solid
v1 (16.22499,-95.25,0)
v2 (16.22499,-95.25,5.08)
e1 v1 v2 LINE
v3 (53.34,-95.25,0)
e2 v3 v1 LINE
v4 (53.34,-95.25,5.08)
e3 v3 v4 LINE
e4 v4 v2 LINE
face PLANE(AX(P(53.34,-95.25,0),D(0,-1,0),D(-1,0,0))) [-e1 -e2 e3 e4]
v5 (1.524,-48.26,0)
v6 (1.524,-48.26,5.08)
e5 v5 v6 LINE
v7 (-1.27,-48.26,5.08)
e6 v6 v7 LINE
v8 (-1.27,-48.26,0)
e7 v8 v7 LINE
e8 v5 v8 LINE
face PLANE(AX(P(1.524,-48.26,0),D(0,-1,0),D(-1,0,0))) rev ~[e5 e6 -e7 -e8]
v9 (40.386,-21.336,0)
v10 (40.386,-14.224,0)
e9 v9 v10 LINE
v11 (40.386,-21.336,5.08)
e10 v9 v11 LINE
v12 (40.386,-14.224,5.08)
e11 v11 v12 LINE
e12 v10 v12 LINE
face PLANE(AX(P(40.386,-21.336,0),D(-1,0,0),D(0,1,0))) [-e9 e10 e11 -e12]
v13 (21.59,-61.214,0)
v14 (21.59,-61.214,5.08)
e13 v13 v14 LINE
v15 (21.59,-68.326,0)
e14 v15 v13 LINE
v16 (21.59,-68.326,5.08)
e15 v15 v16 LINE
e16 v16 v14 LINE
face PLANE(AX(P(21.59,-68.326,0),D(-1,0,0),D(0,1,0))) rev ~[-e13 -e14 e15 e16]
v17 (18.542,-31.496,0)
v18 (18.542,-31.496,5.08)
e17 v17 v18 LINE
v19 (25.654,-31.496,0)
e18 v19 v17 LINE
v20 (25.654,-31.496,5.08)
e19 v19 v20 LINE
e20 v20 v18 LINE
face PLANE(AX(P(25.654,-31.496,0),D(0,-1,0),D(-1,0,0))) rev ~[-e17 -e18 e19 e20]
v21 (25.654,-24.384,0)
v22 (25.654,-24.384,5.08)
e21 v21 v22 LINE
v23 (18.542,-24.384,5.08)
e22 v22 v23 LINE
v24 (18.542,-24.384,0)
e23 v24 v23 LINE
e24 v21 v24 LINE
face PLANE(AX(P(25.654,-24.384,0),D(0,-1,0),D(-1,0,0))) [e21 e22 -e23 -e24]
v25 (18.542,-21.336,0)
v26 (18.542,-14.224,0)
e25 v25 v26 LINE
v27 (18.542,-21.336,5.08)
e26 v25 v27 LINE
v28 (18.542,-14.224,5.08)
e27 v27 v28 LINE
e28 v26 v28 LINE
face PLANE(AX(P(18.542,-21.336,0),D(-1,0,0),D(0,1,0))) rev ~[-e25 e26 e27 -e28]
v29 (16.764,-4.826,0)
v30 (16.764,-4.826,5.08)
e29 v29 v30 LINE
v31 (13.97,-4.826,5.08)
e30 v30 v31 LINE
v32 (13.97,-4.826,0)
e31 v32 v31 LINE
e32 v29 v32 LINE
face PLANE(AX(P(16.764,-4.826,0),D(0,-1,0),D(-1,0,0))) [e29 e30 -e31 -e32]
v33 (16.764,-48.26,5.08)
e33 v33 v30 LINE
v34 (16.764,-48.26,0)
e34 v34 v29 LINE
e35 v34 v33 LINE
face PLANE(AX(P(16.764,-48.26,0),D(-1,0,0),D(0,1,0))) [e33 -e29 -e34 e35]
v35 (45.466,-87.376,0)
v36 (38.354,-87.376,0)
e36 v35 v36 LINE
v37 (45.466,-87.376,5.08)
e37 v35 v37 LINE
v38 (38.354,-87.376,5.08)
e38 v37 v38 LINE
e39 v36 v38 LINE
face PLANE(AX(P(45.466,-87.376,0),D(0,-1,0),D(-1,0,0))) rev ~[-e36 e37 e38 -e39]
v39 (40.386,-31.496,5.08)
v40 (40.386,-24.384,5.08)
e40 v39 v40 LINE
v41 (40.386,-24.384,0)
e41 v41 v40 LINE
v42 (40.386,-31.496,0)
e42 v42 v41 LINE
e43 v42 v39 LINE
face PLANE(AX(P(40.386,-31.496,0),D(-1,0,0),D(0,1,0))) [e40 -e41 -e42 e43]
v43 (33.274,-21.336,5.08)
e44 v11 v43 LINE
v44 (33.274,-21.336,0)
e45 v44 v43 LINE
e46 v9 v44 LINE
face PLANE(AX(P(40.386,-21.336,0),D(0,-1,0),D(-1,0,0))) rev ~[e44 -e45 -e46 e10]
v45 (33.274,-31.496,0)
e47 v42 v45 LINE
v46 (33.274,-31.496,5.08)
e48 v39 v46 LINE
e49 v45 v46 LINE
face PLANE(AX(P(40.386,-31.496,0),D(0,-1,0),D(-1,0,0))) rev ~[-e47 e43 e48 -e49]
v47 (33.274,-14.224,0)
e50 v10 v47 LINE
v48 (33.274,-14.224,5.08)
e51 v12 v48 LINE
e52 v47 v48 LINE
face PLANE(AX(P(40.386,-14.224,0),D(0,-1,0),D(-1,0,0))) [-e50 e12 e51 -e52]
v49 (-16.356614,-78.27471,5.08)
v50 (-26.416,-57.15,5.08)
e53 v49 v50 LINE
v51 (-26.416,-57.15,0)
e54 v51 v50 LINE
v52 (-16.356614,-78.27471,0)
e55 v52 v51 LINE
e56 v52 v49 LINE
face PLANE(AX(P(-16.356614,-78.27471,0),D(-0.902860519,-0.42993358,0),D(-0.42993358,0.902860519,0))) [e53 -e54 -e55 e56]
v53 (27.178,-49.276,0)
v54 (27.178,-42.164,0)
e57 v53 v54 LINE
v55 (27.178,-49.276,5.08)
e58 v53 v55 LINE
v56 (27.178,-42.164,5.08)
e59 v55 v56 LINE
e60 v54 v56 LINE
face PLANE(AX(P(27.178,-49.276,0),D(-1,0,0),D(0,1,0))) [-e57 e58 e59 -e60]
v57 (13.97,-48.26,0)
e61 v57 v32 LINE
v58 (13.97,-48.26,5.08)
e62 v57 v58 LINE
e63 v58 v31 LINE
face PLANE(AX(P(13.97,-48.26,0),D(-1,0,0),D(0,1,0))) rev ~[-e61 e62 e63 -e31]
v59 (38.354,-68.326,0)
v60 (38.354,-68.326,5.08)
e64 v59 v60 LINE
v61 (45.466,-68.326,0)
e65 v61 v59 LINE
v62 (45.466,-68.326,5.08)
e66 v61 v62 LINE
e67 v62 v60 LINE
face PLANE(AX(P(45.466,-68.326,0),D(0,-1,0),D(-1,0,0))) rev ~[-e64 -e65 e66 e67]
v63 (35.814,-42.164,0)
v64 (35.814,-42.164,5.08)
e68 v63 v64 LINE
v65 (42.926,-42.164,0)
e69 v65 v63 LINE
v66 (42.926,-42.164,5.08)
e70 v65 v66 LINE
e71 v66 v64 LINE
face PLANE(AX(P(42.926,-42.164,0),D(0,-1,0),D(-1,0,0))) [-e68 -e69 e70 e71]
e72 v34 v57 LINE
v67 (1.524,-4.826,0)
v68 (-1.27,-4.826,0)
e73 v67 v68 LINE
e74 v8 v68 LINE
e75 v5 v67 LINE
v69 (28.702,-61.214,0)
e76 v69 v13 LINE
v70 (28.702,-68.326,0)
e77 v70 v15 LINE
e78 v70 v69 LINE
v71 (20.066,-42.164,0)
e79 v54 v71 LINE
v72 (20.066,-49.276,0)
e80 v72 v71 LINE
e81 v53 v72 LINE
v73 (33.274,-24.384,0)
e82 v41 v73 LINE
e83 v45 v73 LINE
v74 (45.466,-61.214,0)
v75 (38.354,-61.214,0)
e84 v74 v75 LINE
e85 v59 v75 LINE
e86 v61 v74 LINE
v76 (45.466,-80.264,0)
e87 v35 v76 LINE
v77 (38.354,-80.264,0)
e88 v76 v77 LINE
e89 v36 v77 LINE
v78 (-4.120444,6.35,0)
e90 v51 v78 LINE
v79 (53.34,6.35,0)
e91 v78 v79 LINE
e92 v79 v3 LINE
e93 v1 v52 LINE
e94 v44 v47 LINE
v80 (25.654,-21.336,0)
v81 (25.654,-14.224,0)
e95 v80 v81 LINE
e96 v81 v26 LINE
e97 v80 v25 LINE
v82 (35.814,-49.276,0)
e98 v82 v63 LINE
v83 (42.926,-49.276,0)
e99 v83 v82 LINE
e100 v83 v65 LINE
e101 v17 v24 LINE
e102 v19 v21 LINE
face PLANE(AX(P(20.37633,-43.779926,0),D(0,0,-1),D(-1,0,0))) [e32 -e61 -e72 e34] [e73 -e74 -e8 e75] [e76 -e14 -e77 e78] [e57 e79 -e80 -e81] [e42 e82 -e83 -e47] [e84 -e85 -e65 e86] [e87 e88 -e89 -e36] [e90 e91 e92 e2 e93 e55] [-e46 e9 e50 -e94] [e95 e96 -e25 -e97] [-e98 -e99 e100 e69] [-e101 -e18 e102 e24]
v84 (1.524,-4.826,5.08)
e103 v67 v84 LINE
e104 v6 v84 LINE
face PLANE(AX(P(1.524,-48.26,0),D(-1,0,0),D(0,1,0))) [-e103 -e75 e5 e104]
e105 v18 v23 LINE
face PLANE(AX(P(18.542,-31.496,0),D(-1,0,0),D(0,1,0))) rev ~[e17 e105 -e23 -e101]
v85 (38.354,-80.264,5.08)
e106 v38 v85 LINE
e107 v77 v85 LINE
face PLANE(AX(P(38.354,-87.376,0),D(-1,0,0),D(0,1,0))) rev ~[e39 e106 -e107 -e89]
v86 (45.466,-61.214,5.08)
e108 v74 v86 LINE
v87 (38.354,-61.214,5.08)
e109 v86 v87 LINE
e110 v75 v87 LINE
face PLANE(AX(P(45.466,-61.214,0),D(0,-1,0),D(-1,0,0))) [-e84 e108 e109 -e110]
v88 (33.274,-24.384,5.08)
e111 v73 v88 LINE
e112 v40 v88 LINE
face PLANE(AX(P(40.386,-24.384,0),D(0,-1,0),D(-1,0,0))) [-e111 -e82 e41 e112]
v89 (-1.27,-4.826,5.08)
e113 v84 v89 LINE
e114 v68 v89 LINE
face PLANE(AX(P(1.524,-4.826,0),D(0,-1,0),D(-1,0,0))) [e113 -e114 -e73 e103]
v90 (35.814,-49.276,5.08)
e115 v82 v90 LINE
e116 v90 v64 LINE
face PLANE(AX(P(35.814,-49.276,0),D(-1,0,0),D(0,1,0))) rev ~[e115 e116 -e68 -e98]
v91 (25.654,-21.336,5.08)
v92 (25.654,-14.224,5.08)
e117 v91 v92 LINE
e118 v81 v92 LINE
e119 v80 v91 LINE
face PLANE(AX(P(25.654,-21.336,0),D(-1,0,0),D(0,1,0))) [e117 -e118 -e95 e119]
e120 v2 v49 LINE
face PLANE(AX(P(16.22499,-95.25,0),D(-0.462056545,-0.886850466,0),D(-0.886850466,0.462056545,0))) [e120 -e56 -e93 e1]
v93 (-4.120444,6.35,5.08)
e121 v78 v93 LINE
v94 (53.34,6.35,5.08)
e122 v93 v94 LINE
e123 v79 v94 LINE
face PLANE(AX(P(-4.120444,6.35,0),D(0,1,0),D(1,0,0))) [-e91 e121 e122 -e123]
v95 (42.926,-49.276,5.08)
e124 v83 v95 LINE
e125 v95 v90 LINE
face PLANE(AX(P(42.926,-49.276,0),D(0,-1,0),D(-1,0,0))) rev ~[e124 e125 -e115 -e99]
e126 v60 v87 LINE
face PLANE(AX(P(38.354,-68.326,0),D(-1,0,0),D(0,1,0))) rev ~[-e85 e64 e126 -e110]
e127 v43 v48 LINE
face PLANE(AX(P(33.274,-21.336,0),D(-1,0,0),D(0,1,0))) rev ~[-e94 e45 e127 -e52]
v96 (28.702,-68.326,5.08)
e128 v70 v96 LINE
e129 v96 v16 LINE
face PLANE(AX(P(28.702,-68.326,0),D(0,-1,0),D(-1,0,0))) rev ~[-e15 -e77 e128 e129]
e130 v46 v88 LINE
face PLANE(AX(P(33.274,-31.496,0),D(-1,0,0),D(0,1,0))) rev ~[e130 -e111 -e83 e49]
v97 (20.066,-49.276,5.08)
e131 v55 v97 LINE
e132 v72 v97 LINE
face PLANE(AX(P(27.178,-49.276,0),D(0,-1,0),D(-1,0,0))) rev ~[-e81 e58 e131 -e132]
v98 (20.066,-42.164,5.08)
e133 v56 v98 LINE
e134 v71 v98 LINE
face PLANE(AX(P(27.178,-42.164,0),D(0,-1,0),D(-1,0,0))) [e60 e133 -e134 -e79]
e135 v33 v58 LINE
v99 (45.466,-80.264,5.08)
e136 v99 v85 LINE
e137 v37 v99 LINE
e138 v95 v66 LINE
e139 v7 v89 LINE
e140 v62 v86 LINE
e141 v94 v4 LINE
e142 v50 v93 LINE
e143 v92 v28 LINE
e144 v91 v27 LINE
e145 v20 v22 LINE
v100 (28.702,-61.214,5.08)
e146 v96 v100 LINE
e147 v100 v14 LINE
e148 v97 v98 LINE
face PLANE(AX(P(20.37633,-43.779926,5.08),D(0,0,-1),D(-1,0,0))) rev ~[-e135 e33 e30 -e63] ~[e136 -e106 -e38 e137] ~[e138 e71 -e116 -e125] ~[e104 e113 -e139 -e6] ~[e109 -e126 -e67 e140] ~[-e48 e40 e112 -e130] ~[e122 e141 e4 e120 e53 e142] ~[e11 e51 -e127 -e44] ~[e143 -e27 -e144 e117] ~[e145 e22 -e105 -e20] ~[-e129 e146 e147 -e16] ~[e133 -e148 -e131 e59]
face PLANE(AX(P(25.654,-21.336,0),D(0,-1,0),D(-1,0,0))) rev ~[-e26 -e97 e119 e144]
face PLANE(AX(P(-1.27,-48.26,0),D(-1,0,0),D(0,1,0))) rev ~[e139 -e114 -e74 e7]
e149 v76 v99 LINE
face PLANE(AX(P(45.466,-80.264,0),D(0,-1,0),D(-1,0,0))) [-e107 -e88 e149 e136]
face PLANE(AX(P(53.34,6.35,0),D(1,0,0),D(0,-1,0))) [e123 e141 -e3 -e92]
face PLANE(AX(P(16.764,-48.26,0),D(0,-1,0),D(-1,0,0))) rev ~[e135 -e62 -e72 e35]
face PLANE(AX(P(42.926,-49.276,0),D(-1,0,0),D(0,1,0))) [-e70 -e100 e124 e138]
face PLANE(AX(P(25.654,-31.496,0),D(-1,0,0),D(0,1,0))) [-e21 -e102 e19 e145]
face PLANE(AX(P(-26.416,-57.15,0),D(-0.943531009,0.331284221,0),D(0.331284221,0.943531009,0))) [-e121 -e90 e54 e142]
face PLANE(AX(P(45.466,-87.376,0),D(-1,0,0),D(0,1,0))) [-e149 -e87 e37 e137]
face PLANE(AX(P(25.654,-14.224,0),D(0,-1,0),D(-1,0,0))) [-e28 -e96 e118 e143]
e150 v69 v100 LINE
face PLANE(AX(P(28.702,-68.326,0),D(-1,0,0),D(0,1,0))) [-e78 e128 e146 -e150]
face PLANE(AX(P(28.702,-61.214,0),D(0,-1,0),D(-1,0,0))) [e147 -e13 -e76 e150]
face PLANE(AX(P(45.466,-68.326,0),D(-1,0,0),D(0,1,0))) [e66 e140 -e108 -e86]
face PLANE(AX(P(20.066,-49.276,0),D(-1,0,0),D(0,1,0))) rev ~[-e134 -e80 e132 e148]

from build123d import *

# Parameters (mm, degrees)
BOSS_EXTRUDE1_DEPTH = 5.08
SKETCH5_W           = 7.112
SKETCH5_H           = 7.112
SKETCH5_W_2         = 2.794
SKETCH5_H_2         = 43.434
CUT_EXTRUDE1_DEPTH  = 6.08


with BuildPart() as part:
    # Sketch1 → Boss-Extrude1 (new body)
    with BuildSketch(Plane.XY):
        Polygon((-4.120444444, 6.35), (53.34, 6.35), (53.34, -95.25), (16.22499019, -95.25), (-16.356614113, -78.274710363), (-26.416, -57.15), align=None)
    extrude(amount=BOSS_EXTRUDE1_DEPTH)

    # Sketch5 → Cut-Extrude1 (cut, through all)
    with BuildSketch(Plane(origin=(0, 0, 0), x_dir=(-1, 0, 0), z_dir=(0, 0, -1))):
        with Locations((-36.83, -17.78)):
            Rectangle(SKETCH5_W, SKETCH5_H)
        with Locations((-39.37, -45.72)):
            Rectangle(SKETCH5_W, SKETCH5_H)
        with Locations((-36.83, -27.94)):
            Rectangle(SKETCH5_W, SKETCH5_H)
        with Locations((-41.91, -64.77)):
            Rectangle(SKETCH5_W, SKETCH5_H)
        with Locations((-41.91, -83.82)):
            Rectangle(SKETCH5_W, SKETCH5_H)
        with Locations((-22.098, -17.78)):
            Rectangle(SKETCH5_W, SKETCH5_H)
        with Locations((-22.098, -27.94)):
            Rectangle(SKETCH5_W, SKETCH5_H)
        with Locations((-23.622, -45.72)):
            Rectangle(SKETCH5_W, SKETCH5_H)
        with Locations((-25.146, -64.77)):
            Rectangle(SKETCH5_W, SKETCH5_H)
        with Locations((-15.367, -26.543)):
            Rectangle(SKETCH5_W_2, SKETCH5_H_2)
        with Locations((-0.127, -26.543)):
            Rectangle(SKETCH5_W_2, SKETCH5_H_2)
    extrude(amount=-CUT_EXTRUDE1_DEPTH, mode=Mode.SUBTRACT)


solid = part.part
